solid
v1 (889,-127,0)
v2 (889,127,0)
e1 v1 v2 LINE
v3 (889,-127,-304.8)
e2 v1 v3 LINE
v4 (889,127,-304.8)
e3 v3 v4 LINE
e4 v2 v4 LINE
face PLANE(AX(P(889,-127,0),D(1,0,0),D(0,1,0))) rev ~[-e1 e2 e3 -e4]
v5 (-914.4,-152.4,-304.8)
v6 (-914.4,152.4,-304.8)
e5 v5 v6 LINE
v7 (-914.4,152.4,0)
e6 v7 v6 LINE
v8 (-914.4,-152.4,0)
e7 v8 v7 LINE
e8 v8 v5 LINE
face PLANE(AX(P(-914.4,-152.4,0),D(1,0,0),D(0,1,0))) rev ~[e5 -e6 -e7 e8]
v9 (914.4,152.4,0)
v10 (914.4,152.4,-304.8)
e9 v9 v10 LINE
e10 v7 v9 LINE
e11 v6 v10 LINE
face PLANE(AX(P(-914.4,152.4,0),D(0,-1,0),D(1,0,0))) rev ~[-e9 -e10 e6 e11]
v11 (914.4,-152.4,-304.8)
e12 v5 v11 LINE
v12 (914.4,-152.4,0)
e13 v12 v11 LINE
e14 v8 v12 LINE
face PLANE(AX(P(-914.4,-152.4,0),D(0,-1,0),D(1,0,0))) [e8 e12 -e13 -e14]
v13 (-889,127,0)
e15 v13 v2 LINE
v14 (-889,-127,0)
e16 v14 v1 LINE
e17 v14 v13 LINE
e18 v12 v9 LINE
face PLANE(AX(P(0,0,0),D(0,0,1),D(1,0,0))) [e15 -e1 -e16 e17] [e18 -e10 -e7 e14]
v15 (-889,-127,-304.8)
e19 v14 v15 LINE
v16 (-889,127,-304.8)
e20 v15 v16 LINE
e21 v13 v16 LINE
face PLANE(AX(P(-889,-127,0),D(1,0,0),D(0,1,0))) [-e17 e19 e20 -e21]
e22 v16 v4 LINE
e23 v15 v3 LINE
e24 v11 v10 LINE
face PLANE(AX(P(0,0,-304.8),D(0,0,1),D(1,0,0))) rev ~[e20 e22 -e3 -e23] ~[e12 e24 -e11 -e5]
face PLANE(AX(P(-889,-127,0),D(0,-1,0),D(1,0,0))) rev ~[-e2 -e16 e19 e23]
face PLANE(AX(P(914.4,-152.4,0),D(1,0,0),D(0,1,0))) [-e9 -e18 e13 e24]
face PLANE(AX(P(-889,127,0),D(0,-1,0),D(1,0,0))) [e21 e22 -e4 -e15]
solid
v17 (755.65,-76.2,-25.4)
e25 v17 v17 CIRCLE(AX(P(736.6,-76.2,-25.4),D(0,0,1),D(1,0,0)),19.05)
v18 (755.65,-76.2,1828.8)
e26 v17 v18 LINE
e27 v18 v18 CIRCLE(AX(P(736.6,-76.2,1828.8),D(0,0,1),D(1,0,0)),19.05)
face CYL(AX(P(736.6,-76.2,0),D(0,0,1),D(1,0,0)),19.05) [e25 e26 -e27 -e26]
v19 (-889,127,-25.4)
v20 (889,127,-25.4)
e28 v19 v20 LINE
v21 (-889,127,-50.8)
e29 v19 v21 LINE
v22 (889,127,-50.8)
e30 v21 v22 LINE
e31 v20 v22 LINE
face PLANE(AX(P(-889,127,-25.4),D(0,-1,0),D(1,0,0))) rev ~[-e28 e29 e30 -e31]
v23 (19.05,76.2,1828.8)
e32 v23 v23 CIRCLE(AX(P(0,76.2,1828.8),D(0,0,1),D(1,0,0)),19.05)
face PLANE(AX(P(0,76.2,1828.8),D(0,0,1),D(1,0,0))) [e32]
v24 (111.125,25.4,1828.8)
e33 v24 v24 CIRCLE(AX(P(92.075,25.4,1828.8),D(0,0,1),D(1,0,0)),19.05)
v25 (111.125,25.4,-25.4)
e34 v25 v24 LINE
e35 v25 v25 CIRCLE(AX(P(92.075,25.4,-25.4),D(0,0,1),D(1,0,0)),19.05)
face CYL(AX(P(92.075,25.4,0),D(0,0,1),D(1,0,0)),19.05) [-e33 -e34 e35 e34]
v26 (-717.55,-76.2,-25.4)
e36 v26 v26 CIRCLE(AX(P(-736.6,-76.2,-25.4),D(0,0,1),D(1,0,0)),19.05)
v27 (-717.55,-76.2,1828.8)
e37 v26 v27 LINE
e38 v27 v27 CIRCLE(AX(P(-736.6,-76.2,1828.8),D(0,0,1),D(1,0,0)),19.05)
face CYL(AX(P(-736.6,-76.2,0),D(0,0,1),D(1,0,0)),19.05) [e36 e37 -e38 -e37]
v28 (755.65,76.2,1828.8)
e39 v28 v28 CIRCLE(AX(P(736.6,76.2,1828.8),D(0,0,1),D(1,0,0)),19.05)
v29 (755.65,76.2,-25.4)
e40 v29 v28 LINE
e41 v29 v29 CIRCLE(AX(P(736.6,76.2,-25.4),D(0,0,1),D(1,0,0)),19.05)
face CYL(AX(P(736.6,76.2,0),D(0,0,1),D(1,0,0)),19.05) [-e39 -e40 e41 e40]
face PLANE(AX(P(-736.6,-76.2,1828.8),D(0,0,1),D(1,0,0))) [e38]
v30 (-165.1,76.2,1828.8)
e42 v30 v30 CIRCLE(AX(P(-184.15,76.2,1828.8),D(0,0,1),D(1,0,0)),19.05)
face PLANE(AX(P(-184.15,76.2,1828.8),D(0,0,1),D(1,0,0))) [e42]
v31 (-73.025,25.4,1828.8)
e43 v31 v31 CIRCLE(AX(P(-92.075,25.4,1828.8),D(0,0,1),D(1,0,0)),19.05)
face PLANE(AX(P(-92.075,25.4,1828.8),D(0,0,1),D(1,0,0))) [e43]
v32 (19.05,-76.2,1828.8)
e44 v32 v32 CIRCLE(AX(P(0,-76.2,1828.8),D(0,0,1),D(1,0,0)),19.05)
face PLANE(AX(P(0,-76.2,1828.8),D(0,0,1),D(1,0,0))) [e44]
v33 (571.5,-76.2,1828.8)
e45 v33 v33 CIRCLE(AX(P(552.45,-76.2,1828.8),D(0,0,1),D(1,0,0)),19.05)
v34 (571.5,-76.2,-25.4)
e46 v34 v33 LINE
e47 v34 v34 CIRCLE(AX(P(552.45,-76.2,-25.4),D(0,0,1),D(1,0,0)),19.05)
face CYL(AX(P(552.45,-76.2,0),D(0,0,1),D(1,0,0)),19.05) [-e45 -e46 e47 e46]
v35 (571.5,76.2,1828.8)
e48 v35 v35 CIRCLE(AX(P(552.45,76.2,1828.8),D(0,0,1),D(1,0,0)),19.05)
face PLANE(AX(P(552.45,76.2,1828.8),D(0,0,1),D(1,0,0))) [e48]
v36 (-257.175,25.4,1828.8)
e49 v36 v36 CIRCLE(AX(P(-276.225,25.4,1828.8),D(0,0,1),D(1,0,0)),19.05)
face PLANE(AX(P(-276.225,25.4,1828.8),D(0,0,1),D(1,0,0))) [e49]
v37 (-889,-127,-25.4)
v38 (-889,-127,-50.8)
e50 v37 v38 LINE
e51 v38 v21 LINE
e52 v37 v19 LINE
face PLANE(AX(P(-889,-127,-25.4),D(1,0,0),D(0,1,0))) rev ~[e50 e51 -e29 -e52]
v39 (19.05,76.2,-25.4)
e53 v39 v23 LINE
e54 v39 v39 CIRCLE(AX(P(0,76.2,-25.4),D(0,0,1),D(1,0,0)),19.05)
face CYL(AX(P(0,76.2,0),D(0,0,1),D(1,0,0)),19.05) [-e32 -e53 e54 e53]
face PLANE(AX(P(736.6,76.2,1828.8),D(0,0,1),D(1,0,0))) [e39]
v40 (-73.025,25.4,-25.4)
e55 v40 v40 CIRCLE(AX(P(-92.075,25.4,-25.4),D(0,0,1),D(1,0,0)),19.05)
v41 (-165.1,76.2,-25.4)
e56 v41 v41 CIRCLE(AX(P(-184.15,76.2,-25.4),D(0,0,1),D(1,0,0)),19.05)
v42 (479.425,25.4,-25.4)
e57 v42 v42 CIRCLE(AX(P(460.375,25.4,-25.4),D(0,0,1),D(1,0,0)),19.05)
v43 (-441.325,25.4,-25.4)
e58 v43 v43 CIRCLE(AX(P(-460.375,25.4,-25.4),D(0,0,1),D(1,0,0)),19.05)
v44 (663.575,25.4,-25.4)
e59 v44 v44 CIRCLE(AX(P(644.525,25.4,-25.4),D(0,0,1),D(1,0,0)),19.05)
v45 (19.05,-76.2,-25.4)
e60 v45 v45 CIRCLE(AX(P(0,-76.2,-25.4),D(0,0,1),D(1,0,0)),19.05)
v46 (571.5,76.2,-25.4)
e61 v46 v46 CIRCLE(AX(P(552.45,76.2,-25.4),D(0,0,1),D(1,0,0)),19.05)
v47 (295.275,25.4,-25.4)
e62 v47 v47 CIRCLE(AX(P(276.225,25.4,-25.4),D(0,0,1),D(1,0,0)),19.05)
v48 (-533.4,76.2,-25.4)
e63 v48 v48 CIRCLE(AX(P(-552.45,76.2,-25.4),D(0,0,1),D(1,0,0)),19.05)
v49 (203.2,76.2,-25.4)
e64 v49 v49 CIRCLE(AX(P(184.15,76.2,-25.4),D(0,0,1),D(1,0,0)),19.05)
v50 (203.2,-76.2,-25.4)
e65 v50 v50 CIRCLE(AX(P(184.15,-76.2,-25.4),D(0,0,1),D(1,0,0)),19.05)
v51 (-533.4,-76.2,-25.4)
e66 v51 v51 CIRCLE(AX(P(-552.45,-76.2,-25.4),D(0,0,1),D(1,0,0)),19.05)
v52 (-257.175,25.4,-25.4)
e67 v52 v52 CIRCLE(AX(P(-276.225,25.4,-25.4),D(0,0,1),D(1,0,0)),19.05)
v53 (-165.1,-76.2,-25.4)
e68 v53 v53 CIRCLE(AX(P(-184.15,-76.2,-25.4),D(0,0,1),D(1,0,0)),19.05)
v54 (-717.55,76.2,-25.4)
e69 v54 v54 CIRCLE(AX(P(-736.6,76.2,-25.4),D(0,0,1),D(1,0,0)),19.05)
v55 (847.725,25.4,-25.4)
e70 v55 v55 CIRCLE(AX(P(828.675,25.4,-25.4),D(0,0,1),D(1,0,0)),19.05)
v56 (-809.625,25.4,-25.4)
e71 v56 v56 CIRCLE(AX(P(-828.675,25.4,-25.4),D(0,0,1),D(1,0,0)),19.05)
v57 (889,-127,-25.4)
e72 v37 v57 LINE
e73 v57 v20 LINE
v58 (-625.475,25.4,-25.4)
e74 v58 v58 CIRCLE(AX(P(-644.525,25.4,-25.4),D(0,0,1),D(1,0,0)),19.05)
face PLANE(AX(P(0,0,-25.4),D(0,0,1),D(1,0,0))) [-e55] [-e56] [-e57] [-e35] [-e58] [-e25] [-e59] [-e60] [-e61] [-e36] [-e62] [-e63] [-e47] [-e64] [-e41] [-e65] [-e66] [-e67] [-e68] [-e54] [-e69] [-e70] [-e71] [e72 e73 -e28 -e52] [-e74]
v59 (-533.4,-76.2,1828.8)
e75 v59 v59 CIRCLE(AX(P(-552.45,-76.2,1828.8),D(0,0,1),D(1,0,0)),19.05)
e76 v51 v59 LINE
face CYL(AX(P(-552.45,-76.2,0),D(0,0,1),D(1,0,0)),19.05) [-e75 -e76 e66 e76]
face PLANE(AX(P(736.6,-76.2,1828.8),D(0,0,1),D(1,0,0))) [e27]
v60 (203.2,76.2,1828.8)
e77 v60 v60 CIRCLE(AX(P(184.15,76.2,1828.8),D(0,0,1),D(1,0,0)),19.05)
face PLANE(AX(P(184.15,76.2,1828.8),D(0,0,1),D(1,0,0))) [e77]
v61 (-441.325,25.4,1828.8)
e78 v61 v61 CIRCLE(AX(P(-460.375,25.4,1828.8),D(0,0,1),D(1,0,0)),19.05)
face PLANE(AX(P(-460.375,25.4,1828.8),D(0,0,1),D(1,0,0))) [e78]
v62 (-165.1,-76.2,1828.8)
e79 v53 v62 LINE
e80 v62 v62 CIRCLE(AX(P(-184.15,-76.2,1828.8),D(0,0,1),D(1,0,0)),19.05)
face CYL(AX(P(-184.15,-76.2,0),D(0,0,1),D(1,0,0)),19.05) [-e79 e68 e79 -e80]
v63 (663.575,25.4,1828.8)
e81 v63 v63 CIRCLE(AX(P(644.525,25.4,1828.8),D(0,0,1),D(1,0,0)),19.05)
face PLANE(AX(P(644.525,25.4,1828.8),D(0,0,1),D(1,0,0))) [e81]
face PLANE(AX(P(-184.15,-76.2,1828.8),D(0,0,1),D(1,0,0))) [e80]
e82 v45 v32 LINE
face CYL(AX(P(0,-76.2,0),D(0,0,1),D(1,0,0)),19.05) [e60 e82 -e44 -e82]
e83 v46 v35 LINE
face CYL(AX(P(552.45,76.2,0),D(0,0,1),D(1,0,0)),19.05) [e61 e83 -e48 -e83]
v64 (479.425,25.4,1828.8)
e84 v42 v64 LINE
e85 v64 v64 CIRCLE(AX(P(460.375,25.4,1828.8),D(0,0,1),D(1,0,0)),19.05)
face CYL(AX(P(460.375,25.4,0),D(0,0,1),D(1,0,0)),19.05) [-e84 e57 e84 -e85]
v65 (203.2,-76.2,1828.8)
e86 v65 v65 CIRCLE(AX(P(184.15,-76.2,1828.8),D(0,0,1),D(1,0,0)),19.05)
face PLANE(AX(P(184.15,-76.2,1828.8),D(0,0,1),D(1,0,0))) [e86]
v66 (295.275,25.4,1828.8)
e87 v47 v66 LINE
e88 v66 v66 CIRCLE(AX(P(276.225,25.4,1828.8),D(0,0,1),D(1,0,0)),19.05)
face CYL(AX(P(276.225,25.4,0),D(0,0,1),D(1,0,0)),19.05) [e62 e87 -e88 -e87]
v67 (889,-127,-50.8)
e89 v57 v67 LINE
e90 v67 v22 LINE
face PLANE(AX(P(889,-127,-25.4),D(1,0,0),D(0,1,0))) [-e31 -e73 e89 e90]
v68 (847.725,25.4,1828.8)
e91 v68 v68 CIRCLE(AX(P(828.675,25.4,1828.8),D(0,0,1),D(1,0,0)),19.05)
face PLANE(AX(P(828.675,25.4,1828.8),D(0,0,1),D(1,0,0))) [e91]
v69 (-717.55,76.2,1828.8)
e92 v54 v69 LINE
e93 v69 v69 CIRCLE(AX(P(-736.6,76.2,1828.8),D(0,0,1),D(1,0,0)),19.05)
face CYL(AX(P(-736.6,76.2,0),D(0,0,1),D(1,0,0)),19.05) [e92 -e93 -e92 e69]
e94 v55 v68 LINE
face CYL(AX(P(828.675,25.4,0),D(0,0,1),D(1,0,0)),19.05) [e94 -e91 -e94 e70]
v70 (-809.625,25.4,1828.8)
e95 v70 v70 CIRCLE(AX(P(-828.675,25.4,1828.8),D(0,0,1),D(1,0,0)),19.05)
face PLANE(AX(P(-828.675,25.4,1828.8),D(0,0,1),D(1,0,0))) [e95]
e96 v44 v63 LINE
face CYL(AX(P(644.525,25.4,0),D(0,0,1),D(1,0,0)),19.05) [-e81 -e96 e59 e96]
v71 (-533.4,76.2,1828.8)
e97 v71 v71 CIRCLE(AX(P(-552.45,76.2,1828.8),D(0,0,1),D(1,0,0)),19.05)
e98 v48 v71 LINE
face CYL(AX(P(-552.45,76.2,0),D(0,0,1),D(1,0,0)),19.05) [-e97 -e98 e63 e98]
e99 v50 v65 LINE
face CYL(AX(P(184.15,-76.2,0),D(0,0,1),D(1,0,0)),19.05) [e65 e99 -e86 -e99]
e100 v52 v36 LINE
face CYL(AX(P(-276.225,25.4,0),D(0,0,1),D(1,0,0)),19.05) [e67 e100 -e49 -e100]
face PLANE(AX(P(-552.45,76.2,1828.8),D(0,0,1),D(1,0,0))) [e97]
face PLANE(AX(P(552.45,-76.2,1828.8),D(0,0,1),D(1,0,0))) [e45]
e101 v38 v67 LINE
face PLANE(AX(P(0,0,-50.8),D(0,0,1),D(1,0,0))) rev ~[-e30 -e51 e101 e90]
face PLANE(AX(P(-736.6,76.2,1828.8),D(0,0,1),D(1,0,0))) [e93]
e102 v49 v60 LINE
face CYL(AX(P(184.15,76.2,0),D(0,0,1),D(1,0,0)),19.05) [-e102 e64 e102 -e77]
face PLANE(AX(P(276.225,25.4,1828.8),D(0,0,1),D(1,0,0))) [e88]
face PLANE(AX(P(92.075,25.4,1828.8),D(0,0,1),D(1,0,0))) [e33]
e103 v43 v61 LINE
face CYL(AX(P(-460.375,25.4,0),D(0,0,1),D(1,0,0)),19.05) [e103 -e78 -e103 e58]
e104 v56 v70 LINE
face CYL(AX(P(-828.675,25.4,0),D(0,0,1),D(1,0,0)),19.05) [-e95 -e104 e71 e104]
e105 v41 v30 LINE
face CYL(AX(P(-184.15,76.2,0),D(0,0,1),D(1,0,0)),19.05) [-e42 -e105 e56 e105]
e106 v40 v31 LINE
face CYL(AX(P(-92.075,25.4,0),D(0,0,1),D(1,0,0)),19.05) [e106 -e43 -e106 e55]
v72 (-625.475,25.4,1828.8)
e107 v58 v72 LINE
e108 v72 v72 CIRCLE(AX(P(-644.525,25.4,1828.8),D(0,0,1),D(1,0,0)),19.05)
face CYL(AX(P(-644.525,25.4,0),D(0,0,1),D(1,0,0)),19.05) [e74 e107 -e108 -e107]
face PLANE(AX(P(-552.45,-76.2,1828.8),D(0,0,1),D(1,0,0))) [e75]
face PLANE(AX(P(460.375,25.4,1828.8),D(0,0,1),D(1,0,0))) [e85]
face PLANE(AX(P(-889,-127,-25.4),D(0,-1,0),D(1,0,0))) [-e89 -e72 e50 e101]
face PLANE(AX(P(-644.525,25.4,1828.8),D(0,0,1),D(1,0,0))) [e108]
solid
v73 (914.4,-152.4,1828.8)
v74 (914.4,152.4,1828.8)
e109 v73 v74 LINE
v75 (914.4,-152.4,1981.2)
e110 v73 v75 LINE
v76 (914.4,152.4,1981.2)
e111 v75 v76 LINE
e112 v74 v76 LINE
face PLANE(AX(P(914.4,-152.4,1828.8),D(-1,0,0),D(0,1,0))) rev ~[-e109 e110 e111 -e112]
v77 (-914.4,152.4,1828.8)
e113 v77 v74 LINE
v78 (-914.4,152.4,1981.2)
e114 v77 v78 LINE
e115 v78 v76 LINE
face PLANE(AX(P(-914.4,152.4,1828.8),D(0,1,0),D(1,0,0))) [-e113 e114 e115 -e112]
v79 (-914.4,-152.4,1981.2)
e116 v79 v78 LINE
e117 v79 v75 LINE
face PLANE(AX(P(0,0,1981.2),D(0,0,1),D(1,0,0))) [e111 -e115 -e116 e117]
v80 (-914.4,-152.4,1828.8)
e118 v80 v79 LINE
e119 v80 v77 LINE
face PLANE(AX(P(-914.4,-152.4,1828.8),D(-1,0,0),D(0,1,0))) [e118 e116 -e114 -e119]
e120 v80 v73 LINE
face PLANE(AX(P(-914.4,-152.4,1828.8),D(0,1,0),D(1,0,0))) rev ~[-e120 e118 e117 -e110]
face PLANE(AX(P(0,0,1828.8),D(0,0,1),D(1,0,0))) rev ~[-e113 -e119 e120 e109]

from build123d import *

# Parameters (mm, degrees)
F0_W          = 1828.8
F0_H          = 304.8
F0_W_2        = 1778
F0_H_2        = 254
F2_DEPTH      = 304.8
F4_W          = 1778
F4_H          = 254
F5_DEPTH      = 25.4
F1_R          = 19.05
F6_DEPTH      = 1828.8
F6_DEPTH_BACK = 50.8
F7_W          = 1828.8
F7_H          = 304.8
F7_R          = 19.05
F8_DEPTH      = 152.4


with BuildPart() as f2:
    # F0 (on Top) → F2 (new body)
    with BuildSketch(Plane.XY):
        Rectangle(F0_W, F0_H)
        Rectangle(F0_W_2, F0_H_2, mode=Mode.SUBTRACT)
    extrude(amount=-F2_DEPTH)


with BuildPart() as f5:
    # F4 (on offset) → F5 (new body)
    with BuildSketch(Plane.XY.offset(-25.4)):
        Rectangle(F4_W, F4_H)
    extrude(amount=-F5_DEPTH)

    # F1 (on Top) → F6 (join, two sides)
    with BuildSketch(Plane.XY) as f6_sk:
        with Locations((0, 76.2)):
            Circle(F1_R)
        with Locations((0, -76.2)):
            Circle(F1_R)
        with Locations((184.15, 76.2)):
            Circle(F1_R)
        with Locations((184.15, -76.2)):
            Circle(F1_R)
        with Locations((552.45, 76.2)):
            Circle(F1_R)
        with Locations((552.45, -76.2)):
            Circle(F1_R)
        with Locations((736.6, 76.2)):
            Circle(F1_R)
        with Locations((736.6, -76.2)):
            Circle(F1_R)
        with Locations((-184.15, 76.2)):
            Circle(F1_R)
        with Locations((-184.15, -76.2)):
            Circle(F1_R)
        with Locations((-552.45, 76.2)):
            Circle(F1_R)
        with Locations((-552.45, -76.2)):
            Circle(F1_R)
        with Locations((-736.6, 76.2)):
            Circle(F1_R)
        with Locations((-736.6, -76.2)):
            Circle(F1_R)
        with Locations((92.075, 25.4)):
            Circle(F1_R)
        with Locations((-92.075, 25.4)):
            Circle(F1_R)
        with Locations((276.225, 25.4)):
            Circle(F1_R)
        with Locations((460.375, 25.4)):
            Circle(F1_R)
        with Locations((644.525, 25.4)):
            Circle(F1_R)
        with Locations((828.675, 25.4)):
            Circle(F1_R)
        with Locations((-276.225, 25.4)):
            Circle(F1_R)
        with Locations((-460.375, 25.4)):
            Circle(F1_R)
        with Locations((-644.525, 25.4)):
            Circle(F1_R)
        with Locations((-828.675, 25.4)):
            Circle(F1_R)
    extrude(amount=F6_DEPTH)
    extrude(f6_sk.sketch, amount=-F6_DEPTH_BACK)


with BuildPart() as f8:
    # F7 (on face) → F8 (new body)
    with BuildSketch(Plane.XY.offset(1828.8)):
        Rectangle(F7_W, F7_H)
        with Locations((-828.675, 25.4)):
            Circle(F7_R, mode=Mode.SUBTRACT)
        with Locations((-828.675, 25.4)):
            Circle(F7_R)
    extrude(amount=F8_DEPTH)


solid = Compound([f2.part, f5.part, f8.part])
